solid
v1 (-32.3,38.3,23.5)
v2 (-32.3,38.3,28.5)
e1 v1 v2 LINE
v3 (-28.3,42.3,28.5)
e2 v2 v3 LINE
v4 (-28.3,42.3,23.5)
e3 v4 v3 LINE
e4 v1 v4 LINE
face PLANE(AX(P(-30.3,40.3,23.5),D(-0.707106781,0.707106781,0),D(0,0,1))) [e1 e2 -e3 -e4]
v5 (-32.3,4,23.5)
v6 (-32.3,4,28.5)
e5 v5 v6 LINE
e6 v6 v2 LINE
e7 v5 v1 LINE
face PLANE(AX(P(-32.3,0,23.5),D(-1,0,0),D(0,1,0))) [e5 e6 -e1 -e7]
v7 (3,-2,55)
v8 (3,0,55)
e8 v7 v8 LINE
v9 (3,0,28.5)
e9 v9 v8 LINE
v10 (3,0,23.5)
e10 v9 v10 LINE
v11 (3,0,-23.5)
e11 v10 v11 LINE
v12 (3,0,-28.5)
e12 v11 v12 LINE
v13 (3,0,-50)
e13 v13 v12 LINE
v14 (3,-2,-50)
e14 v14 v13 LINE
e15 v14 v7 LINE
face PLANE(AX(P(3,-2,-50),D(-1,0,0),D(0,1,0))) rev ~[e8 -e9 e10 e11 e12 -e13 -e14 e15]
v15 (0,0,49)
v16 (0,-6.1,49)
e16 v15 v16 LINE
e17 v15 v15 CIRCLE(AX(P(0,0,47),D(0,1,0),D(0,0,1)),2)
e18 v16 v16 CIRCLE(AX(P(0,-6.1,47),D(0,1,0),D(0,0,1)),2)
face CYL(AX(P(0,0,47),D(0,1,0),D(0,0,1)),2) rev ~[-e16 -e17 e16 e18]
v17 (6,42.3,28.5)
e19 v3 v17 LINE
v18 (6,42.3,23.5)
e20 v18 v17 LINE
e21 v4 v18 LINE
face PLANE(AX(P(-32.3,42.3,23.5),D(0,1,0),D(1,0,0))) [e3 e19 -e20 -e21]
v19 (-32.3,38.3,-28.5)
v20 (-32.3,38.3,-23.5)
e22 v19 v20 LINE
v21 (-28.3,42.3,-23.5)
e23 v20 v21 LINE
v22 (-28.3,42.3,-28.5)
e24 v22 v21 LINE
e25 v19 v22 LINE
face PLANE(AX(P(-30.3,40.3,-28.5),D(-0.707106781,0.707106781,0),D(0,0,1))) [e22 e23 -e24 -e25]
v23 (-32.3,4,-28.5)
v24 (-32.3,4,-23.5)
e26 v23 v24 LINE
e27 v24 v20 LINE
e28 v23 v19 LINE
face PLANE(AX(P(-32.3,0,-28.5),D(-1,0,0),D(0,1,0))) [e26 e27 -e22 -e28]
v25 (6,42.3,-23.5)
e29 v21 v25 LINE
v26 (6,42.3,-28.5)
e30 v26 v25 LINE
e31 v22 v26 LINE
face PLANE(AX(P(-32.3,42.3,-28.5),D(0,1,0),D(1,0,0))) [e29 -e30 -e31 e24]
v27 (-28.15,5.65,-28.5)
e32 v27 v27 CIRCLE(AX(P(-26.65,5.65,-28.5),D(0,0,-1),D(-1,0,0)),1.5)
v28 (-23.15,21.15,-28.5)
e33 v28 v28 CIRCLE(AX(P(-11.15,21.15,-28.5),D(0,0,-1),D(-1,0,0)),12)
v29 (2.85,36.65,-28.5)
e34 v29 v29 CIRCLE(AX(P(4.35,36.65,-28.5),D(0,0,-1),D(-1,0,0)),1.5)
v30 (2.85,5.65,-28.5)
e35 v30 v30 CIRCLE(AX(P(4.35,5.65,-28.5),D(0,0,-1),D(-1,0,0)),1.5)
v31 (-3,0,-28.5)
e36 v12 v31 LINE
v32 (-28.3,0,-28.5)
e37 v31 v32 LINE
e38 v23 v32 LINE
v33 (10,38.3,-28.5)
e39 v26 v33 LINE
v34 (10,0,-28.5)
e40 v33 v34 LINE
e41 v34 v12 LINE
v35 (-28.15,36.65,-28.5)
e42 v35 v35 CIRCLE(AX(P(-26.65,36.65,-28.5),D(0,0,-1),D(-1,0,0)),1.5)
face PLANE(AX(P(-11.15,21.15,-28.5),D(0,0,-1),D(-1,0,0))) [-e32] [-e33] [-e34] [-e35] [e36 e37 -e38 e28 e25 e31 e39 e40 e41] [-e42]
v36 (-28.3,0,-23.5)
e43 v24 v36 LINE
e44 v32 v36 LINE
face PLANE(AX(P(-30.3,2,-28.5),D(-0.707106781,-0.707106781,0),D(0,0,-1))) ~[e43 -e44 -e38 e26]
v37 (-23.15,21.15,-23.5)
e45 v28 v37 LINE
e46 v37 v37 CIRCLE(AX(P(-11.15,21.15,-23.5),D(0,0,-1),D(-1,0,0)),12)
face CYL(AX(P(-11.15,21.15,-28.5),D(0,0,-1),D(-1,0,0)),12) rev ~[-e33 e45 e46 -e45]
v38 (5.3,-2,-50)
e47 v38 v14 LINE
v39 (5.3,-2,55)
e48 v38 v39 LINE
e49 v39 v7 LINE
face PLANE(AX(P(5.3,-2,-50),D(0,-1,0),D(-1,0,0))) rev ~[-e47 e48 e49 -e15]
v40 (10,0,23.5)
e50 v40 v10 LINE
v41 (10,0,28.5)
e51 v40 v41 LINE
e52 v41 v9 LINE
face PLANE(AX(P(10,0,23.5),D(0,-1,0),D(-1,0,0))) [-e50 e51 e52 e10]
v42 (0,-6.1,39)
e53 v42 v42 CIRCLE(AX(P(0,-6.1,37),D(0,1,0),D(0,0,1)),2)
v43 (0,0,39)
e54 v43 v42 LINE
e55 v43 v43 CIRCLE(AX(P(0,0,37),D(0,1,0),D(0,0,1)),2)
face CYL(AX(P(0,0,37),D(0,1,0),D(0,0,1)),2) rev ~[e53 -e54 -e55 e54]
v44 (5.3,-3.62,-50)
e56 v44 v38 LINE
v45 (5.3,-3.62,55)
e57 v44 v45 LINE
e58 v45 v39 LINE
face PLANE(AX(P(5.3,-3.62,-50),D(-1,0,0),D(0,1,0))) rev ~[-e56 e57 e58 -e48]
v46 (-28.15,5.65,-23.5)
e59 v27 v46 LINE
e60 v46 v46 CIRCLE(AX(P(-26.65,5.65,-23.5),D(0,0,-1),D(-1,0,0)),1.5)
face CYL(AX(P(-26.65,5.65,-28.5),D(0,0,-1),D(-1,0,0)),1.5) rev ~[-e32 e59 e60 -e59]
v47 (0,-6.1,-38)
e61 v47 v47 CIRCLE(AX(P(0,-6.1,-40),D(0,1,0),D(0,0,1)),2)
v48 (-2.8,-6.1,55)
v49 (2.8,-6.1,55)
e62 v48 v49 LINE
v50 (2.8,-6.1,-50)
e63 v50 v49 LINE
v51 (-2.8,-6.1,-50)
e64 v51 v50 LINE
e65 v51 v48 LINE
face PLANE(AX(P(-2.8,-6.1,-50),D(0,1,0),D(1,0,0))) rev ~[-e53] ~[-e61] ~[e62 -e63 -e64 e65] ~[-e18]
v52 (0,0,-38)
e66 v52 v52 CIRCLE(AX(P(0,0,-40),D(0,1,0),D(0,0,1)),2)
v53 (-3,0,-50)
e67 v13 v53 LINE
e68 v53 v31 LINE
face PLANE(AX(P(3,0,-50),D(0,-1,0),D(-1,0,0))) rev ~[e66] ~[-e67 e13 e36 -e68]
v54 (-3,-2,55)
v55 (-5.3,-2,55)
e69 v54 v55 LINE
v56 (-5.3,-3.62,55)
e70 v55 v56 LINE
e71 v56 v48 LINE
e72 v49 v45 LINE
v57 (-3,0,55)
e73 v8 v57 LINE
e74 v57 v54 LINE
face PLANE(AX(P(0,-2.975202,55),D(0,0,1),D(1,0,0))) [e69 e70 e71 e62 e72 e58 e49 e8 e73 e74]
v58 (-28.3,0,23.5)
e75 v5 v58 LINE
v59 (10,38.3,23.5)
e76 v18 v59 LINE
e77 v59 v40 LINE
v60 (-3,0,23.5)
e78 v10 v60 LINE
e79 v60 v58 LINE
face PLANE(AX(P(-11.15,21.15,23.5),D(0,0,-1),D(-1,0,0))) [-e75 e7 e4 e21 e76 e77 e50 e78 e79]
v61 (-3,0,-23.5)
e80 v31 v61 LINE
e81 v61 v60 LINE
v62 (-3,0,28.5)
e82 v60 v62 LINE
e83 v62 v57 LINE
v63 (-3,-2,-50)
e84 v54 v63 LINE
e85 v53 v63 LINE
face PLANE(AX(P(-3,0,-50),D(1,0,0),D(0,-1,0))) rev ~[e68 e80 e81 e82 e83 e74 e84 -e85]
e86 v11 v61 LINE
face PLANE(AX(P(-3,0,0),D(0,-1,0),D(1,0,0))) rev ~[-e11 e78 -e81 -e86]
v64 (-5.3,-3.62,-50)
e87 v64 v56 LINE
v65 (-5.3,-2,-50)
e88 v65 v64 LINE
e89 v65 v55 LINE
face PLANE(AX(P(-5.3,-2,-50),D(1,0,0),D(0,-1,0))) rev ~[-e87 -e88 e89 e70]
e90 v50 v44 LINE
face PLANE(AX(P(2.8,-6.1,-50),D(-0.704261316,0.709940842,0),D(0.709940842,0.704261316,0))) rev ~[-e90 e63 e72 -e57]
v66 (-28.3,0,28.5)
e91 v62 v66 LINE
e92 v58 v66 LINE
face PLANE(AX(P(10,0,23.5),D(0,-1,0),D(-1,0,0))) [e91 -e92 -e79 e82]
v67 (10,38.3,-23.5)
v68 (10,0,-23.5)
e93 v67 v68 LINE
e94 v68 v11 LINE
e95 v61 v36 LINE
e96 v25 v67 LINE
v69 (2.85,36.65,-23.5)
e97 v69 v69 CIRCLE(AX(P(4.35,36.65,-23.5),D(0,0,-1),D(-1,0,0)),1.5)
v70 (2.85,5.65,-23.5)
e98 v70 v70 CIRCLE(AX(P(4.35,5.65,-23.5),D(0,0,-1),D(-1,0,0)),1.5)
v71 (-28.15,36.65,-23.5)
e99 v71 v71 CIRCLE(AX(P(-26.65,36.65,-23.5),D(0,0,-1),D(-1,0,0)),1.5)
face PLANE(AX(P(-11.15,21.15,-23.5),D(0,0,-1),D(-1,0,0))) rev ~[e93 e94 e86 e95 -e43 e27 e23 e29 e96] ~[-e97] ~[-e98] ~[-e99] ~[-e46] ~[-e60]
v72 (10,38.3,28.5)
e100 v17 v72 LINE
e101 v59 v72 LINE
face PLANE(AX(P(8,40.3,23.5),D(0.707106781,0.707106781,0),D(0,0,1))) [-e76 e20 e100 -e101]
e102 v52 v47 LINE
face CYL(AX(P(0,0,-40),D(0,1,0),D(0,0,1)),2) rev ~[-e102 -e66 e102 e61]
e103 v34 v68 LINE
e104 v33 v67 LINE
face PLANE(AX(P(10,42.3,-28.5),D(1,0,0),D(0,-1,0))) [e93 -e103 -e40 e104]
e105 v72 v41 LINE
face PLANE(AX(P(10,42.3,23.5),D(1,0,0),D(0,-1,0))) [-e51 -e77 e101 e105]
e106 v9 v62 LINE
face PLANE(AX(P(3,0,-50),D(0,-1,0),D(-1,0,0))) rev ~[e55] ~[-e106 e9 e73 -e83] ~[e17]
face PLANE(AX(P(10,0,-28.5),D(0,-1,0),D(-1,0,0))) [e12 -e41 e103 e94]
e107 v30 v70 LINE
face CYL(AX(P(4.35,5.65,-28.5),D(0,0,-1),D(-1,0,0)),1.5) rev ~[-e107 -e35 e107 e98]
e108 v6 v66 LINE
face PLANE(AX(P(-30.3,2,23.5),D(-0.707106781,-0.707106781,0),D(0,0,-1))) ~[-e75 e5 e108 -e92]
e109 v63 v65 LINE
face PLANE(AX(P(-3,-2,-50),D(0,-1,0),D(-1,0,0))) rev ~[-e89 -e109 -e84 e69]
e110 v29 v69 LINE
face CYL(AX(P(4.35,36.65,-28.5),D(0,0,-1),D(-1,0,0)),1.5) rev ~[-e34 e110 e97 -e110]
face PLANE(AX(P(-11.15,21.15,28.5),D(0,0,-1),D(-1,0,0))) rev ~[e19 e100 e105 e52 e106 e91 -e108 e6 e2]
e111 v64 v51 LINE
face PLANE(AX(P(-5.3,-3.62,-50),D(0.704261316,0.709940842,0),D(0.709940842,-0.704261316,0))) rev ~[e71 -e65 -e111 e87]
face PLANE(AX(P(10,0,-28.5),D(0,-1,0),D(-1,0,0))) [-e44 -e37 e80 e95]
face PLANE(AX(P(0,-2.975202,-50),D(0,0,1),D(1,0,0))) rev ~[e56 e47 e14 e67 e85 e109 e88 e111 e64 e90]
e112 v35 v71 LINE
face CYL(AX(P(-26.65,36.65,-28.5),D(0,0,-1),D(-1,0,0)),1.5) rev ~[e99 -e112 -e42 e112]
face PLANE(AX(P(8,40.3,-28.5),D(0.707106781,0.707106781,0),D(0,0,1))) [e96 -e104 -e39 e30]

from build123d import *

# Parameters (mm, degrees)
BOSS_EXTRUDE1_DEPTH        = 28.5
BOSS_EXTRUDE2_DEPTH        = 5
CHAMFER1_SIZE              = 4
LPATTERN1_COUNT            = 2
LPATTERN1_PITCH            = 52
CHAMFER1_OF_LPATTERN1_SIZE = 4
CUT_EXTRUDE1_REACH         = 79.984
SKETCH4_R                  = 12
SKETCH4_R_2                = 1.5
BOSS_EXTRUDE3_DEPTH        = 55
BOSS_EXTRUDE3_DEPTH_BACK   = 50
SKETCH6_R                  = 2
CUT_EXTRUDE2_DEPTH         = 77.534828673


with BuildPart() as part:
    # Sketch1 → Boss-Extrude1 (new, symmetric)
    with BuildSketch(Plane.XY):
        Polygon((-3, 0), (3, 0), (3, -2), (5.3, -2), (5.3, -3.62), (2.8, -6.1), (-2.8, -6.1), (-5.3, -3.62), (-5.3, -2), (-3, -2), align=None)
    extrude(amount=BOSS_EXTRUDE1_DEPTH, both=True)

    # Sketch2 → Boss-Extrude2 (add)
    with BuildSketch(Plane(origin=(0, 0, -28.5), x_dir=(-1, 0, 0), z_dir=(0, 0, -1))):
        Polygon((32.3, 0), (32.3, 42.3), (-10, 42.3), (-10, 0), (0, 0), align=None)
    boss_extrude2 = extrude(amount=-BOSS_EXTRUDE2_DEPTH)

    # Chamfer1
    chamfer1_edges = [part.edges().sort_by_distance(p)[0] for p in [
        (-32.3, 0, -26),
        (10, 42.3, -26),
        (-32.3, 42.3, -26),
    ]]
    chamfer(chamfer1_edges, length=CHAMFER1_SIZE)

    # LPattern1: Boss-Extrude2 ×2
    with Locations(*[(0, 0, i * LPATTERN1_PITCH) for i in range(1, LPATTERN1_COUNT)]):
        add(boss_extrude2)

    # Chamfer1 of LPattern1
    chamfer1_of_lpattern1_edges = [part.edges().sort_by_distance(p)[0] for p in [
        (-32.3, 0, 26),
        (10, 42.3, 26),
        (-32.3, 42.3, 26),
    ]]
    chamfer(chamfer1_of_lpattern1_edges, length=CHAMFER1_OF_LPATTERN1_SIZE)

    # Sketch4 → Cut-Extrude1 (cut, up to next)
    with BuildSketch(Plane(origin=(0, 0, -28.5), x_dir=(-1, 0, 0), z_dir=(0, 0, -1)), mode=Mode.PRIVATE) as cut_extrude1_sk1:
        with Locations((11.15, 21.15)):
            Circle(SKETCH4_R)
    cut_extrude1_tool1 = extrude(cut_extrude1_sk1.sketch, amount=-CUT_EXTRUDE1_REACH, mode=Mode.PRIVATE) & part.part
    # Sketch4 → Cut-Extrude1 (cut, up to next)
    with BuildSketch(Plane(origin=(0, 0, -28.5), x_dir=(-1, 0, 0), z_dir=(0, 0, -1)), mode=Mode.PRIVATE) as cut_extrude1_sk2:
        with Locations((26.65, 36.65)):
            Circle(SKETCH4_R_2)
    cut_extrude1_tool2 = extrude(cut_extrude1_sk2.sketch, amount=-CUT_EXTRUDE1_REACH, mode=Mode.PRIVATE) & part.part
    # Sketch4 → Cut-Extrude1 (cut, up to next)
    with BuildSketch(Plane(origin=(0, 0, -28.5), x_dir=(-1, 0, 0), z_dir=(0, 0, -1)), mode=Mode.PRIVATE) as cut_extrude1_sk3:
        with Locations((-4.35, 36.65)):
            Circle(SKETCH4_R_2)
    cut_extrude1_tool3 = extrude(cut_extrude1_sk3.sketch, amount=-CUT_EXTRUDE1_REACH, mode=Mode.PRIVATE) & part.part
    # Sketch4 → Cut-Extrude1 (cut, up to next)
    with BuildSketch(Plane(origin=(0, 0, -28.5), x_dir=(-1, 0, 0), z_dir=(0, 0, -1)), mode=Mode.PRIVATE) as cut_extrude1_sk4:
        with Locations((-4.35, 5.65)):
            Circle(SKETCH4_R_2)
    cut_extrude1_tool4 = extrude(cut_extrude1_sk4.sketch, amount=-CUT_EXTRUDE1_REACH, mode=Mode.PRIVATE) & part.part
    # Sketch4 → Cut-Extrude1 (cut, up to next)
    with BuildSketch(Plane(origin=(0, 0, -28.5), x_dir=(-1, 0, 0), z_dir=(0, 0, -1)), mode=Mode.PRIVATE) as cut_extrude1_sk5:
        with Locations((26.65, 5.65)):
            Circle(SKETCH4_R_2)
    cut_extrude1_tool5 = extrude(cut_extrude1_sk5.sketch, amount=-CUT_EXTRUDE1_REACH, mode=Mode.PRIVATE) & part.part
    add(cut_extrude1_tool1.solids().sort_by_distance((-11.15, 21.15, -28.5))[0], mode=Mode.SUBTRACT)
    add(cut_extrude1_tool2.solids().sort_by_distance((-26.65, 36.65, -28.5))[0], mode=Mode.SUBTRACT)
    add(cut_extrude1_tool3.solids().sort_by_distance((4.35, 36.65, -28.5))[0], mode=Mode.SUBTRACT)
    add(cut_extrude1_tool4.solids().sort_by_distance((4.35, 5.65, -28.5))[0], mode=Mode.SUBTRACT)
    add(cut_extrude1_tool5.solids().sort_by_distance((-26.65, 5.65, -28.5))[0], mode=Mode.SUBTRACT)

    # Sketch5 → Boss-Extrude3 (add, two sides: drawn at the far end of the back side and taken through both)
    with BuildSketch(Plane.XY.offset(-BOSS_EXTRUDE3_DEPTH_BACK)):
        Polygon((-3, -2), (-5.3, -2), (-5.3, -3.62), (-2.8, -6.1), (2.8, -6.1), (5.3, -3.62), (5.3, -2), (3, -2), (3, 0), (-3, 0), align=None)
    extrude(amount=BOSS_EXTRUDE3_DEPTH + BOSS_EXTRUDE3_DEPTH_BACK)

    # Sketch6 → Cut-Extrude2 (cut, through all)
    with BuildSketch(Plane(origin=(0, 0, 0), x_dir=(1, 0, 0), z_dir=(0, 1, 0))):
        with Locations(Location((0, 40, 0), (0, 0, 270))):
            Circle(SKETCH6_R)
        with Locations(Location((0, -37, 0), (0, 0, 270))):
            Circle(SKETCH6_R)
        with Locations(Location((0, -47, 0), (0, 0, 270))):
            Circle(SKETCH6_R)
    extrude(amount=-CUT_EXTRUDE2_DEPTH, mode=Mode.SUBTRACT)


solid = part.part
